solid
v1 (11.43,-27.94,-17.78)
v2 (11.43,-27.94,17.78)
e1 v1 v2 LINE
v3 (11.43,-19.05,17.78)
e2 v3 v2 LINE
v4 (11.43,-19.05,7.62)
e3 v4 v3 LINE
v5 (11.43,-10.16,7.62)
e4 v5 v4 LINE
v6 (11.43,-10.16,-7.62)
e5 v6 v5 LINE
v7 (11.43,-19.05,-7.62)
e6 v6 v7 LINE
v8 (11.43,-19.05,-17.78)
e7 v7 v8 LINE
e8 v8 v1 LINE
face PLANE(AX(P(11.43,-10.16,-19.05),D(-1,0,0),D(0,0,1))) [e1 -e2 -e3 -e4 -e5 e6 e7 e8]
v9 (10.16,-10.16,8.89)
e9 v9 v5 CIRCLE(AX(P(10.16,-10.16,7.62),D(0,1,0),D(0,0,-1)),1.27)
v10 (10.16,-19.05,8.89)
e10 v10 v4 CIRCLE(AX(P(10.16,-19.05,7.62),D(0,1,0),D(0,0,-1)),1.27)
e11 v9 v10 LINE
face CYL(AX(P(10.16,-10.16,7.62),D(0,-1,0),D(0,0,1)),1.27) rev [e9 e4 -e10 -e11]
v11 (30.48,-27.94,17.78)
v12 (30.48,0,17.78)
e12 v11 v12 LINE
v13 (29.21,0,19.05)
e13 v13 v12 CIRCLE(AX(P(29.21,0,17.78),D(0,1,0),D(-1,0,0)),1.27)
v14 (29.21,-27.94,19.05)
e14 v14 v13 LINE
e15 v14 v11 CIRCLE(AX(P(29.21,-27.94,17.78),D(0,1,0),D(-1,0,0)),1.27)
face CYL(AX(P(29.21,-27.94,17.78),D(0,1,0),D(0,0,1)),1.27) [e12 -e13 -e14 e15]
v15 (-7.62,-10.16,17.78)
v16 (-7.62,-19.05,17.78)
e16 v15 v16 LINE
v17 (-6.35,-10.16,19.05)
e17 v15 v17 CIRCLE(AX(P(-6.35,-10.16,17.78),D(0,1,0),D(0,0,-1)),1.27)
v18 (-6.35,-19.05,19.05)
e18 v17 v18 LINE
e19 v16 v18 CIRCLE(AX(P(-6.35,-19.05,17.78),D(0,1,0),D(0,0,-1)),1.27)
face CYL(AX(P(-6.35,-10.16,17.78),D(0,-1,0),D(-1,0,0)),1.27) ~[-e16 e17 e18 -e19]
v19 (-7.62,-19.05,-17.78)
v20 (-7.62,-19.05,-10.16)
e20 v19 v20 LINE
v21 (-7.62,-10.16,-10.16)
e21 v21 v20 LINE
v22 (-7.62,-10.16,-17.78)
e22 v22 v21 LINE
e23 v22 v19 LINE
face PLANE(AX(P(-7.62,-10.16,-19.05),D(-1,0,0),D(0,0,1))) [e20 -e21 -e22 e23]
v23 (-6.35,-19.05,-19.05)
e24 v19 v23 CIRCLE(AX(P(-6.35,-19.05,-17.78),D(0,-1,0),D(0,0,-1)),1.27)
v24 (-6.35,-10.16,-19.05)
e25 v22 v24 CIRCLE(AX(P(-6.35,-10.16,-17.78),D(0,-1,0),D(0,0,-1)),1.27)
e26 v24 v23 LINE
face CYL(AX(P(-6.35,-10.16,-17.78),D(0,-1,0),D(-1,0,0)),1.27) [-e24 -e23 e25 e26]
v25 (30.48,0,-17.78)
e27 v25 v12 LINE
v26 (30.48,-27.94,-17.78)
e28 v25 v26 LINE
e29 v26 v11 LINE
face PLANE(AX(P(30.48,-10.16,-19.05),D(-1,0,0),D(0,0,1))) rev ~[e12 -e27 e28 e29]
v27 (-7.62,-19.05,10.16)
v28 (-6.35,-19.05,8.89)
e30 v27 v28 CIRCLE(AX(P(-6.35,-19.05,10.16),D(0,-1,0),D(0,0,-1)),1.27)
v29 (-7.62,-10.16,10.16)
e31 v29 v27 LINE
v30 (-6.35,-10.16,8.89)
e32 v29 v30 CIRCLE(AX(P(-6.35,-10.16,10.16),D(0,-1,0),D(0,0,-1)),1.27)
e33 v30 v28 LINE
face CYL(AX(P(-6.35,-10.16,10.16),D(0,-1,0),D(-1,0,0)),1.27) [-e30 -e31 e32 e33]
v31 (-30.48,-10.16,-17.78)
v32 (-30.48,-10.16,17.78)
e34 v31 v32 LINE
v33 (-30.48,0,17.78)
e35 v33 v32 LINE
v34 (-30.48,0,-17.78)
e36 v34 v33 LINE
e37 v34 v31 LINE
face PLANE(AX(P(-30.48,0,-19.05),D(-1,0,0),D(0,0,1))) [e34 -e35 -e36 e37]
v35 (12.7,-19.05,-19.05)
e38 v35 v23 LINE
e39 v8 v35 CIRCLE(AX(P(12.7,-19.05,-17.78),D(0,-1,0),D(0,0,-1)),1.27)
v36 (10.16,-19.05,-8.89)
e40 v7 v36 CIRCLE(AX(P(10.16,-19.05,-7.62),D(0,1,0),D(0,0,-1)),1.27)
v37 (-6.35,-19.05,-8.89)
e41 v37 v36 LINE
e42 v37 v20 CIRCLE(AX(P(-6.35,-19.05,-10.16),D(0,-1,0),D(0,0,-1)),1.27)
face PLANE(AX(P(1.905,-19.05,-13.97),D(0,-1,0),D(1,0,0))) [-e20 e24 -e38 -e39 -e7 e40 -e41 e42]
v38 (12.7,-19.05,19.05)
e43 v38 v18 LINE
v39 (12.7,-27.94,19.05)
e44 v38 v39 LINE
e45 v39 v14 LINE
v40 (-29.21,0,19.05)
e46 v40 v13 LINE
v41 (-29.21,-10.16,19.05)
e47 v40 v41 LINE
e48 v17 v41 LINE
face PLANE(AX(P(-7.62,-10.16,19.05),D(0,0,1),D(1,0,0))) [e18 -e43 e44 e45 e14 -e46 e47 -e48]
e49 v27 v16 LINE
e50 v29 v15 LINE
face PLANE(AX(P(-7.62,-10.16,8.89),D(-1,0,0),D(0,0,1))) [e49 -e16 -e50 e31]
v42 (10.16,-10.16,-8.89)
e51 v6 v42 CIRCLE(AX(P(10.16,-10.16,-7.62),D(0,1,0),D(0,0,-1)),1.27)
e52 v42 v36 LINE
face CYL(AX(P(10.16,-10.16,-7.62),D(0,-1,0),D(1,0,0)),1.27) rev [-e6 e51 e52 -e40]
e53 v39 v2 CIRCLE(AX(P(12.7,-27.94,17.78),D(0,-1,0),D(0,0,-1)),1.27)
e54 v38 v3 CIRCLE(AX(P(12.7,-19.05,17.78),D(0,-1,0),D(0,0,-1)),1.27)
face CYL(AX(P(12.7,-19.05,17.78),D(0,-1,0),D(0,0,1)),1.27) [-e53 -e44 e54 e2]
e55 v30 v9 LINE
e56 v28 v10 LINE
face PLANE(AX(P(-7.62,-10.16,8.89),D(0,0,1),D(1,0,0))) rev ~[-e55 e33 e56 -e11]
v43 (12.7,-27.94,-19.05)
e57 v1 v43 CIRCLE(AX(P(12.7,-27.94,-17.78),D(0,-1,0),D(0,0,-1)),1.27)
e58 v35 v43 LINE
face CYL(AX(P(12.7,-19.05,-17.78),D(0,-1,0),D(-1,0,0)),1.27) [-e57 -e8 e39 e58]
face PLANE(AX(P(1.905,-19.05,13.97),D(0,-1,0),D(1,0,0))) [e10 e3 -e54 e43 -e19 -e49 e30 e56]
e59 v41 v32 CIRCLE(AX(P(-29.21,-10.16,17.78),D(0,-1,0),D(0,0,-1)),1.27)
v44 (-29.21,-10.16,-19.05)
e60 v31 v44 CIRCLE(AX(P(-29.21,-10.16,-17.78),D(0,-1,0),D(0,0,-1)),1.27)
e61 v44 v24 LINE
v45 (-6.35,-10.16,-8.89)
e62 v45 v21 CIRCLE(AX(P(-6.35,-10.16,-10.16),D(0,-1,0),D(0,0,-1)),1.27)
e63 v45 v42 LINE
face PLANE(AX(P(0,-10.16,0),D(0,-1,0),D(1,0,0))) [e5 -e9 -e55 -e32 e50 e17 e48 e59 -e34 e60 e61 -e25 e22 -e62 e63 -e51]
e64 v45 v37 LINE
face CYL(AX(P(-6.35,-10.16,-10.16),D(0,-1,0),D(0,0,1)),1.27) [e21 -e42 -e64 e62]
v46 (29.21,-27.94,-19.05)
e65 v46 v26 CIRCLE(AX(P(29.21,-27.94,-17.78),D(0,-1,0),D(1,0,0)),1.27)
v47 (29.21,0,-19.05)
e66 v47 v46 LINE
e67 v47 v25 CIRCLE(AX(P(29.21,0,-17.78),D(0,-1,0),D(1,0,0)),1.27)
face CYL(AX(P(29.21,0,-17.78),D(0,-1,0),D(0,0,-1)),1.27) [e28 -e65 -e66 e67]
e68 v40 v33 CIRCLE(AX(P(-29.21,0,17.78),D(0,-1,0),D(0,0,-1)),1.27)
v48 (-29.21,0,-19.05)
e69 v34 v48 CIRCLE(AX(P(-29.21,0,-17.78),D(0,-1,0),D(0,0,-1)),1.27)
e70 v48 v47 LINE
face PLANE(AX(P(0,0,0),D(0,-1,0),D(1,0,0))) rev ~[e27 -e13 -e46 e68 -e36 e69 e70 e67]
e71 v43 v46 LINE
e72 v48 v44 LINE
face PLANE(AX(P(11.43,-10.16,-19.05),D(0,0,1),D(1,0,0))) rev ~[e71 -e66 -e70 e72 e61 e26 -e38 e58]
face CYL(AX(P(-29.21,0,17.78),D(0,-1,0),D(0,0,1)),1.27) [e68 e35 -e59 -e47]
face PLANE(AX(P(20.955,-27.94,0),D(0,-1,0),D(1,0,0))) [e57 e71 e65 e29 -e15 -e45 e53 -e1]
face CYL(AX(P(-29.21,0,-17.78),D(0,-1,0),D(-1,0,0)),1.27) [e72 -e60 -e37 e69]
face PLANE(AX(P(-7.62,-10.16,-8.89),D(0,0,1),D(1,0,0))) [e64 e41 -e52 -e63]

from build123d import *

# Parameters (mm, degrees)
F0_W     = 60.96
F0_H     = 38.1
F1_DEPTH = 10.16
F2_W     = 19.05
F2_H     = 38.1
F3_DEPTH = 17.78
F4_W     = 19.05
F4_H     = 10.16
F5_DEPTH = 8.89
F6_R     = 1.27


with BuildPart() as f1:
    # F0 (on Front) → F1 (new body)
    with BuildSketch(Plane.XZ):
        Rectangle(F0_W, F0_H)
    extrude(amount=F1_DEPTH)

    # F2 (on face) → F3 (join)
    with BuildSketch(Plane.XZ.offset(10.16)):
        with Locations((20.955, 0)):
            Rectangle(F2_W, F2_H)
    extrude(amount=F3_DEPTH)

    # F4 (on face) → F5 (join)
    with BuildSketch(Plane.XZ.offset(10.16)):
        with Locations((1.905, 13.97)):
            Rectangle(F4_W, F4_H)
        with Locations((1.905, -13.97)):
            Rectangle(F4_W, F4_H)
    extrude(amount=F5_DEPTH)

    # F6
    f6_edges = [f1.edges().sort_by_distance(p)[0] for p in [
        (-30.48, -5.08, 19.05),
        (-30.48, -5.08, -19.05),
        (-7.62, -14.605, 19.05),
        (-7.62, -14.605, 8.89),
        (-7.62, -14.605, -8.89),
        (-7.62, -14.605, -19.05),
        (11.43, -23.495, -19.05),
        (11.43, -23.495, 19.05),
        (30.48, -13.97, 19.05),
        (30.48, -13.97, -19.05),
        (11.43, -14.605, -8.89),
        (11.43, -14.605, 8.89),
    ]]
    fillet(f6_edges, radius=F6_R)


solid = f1.part
